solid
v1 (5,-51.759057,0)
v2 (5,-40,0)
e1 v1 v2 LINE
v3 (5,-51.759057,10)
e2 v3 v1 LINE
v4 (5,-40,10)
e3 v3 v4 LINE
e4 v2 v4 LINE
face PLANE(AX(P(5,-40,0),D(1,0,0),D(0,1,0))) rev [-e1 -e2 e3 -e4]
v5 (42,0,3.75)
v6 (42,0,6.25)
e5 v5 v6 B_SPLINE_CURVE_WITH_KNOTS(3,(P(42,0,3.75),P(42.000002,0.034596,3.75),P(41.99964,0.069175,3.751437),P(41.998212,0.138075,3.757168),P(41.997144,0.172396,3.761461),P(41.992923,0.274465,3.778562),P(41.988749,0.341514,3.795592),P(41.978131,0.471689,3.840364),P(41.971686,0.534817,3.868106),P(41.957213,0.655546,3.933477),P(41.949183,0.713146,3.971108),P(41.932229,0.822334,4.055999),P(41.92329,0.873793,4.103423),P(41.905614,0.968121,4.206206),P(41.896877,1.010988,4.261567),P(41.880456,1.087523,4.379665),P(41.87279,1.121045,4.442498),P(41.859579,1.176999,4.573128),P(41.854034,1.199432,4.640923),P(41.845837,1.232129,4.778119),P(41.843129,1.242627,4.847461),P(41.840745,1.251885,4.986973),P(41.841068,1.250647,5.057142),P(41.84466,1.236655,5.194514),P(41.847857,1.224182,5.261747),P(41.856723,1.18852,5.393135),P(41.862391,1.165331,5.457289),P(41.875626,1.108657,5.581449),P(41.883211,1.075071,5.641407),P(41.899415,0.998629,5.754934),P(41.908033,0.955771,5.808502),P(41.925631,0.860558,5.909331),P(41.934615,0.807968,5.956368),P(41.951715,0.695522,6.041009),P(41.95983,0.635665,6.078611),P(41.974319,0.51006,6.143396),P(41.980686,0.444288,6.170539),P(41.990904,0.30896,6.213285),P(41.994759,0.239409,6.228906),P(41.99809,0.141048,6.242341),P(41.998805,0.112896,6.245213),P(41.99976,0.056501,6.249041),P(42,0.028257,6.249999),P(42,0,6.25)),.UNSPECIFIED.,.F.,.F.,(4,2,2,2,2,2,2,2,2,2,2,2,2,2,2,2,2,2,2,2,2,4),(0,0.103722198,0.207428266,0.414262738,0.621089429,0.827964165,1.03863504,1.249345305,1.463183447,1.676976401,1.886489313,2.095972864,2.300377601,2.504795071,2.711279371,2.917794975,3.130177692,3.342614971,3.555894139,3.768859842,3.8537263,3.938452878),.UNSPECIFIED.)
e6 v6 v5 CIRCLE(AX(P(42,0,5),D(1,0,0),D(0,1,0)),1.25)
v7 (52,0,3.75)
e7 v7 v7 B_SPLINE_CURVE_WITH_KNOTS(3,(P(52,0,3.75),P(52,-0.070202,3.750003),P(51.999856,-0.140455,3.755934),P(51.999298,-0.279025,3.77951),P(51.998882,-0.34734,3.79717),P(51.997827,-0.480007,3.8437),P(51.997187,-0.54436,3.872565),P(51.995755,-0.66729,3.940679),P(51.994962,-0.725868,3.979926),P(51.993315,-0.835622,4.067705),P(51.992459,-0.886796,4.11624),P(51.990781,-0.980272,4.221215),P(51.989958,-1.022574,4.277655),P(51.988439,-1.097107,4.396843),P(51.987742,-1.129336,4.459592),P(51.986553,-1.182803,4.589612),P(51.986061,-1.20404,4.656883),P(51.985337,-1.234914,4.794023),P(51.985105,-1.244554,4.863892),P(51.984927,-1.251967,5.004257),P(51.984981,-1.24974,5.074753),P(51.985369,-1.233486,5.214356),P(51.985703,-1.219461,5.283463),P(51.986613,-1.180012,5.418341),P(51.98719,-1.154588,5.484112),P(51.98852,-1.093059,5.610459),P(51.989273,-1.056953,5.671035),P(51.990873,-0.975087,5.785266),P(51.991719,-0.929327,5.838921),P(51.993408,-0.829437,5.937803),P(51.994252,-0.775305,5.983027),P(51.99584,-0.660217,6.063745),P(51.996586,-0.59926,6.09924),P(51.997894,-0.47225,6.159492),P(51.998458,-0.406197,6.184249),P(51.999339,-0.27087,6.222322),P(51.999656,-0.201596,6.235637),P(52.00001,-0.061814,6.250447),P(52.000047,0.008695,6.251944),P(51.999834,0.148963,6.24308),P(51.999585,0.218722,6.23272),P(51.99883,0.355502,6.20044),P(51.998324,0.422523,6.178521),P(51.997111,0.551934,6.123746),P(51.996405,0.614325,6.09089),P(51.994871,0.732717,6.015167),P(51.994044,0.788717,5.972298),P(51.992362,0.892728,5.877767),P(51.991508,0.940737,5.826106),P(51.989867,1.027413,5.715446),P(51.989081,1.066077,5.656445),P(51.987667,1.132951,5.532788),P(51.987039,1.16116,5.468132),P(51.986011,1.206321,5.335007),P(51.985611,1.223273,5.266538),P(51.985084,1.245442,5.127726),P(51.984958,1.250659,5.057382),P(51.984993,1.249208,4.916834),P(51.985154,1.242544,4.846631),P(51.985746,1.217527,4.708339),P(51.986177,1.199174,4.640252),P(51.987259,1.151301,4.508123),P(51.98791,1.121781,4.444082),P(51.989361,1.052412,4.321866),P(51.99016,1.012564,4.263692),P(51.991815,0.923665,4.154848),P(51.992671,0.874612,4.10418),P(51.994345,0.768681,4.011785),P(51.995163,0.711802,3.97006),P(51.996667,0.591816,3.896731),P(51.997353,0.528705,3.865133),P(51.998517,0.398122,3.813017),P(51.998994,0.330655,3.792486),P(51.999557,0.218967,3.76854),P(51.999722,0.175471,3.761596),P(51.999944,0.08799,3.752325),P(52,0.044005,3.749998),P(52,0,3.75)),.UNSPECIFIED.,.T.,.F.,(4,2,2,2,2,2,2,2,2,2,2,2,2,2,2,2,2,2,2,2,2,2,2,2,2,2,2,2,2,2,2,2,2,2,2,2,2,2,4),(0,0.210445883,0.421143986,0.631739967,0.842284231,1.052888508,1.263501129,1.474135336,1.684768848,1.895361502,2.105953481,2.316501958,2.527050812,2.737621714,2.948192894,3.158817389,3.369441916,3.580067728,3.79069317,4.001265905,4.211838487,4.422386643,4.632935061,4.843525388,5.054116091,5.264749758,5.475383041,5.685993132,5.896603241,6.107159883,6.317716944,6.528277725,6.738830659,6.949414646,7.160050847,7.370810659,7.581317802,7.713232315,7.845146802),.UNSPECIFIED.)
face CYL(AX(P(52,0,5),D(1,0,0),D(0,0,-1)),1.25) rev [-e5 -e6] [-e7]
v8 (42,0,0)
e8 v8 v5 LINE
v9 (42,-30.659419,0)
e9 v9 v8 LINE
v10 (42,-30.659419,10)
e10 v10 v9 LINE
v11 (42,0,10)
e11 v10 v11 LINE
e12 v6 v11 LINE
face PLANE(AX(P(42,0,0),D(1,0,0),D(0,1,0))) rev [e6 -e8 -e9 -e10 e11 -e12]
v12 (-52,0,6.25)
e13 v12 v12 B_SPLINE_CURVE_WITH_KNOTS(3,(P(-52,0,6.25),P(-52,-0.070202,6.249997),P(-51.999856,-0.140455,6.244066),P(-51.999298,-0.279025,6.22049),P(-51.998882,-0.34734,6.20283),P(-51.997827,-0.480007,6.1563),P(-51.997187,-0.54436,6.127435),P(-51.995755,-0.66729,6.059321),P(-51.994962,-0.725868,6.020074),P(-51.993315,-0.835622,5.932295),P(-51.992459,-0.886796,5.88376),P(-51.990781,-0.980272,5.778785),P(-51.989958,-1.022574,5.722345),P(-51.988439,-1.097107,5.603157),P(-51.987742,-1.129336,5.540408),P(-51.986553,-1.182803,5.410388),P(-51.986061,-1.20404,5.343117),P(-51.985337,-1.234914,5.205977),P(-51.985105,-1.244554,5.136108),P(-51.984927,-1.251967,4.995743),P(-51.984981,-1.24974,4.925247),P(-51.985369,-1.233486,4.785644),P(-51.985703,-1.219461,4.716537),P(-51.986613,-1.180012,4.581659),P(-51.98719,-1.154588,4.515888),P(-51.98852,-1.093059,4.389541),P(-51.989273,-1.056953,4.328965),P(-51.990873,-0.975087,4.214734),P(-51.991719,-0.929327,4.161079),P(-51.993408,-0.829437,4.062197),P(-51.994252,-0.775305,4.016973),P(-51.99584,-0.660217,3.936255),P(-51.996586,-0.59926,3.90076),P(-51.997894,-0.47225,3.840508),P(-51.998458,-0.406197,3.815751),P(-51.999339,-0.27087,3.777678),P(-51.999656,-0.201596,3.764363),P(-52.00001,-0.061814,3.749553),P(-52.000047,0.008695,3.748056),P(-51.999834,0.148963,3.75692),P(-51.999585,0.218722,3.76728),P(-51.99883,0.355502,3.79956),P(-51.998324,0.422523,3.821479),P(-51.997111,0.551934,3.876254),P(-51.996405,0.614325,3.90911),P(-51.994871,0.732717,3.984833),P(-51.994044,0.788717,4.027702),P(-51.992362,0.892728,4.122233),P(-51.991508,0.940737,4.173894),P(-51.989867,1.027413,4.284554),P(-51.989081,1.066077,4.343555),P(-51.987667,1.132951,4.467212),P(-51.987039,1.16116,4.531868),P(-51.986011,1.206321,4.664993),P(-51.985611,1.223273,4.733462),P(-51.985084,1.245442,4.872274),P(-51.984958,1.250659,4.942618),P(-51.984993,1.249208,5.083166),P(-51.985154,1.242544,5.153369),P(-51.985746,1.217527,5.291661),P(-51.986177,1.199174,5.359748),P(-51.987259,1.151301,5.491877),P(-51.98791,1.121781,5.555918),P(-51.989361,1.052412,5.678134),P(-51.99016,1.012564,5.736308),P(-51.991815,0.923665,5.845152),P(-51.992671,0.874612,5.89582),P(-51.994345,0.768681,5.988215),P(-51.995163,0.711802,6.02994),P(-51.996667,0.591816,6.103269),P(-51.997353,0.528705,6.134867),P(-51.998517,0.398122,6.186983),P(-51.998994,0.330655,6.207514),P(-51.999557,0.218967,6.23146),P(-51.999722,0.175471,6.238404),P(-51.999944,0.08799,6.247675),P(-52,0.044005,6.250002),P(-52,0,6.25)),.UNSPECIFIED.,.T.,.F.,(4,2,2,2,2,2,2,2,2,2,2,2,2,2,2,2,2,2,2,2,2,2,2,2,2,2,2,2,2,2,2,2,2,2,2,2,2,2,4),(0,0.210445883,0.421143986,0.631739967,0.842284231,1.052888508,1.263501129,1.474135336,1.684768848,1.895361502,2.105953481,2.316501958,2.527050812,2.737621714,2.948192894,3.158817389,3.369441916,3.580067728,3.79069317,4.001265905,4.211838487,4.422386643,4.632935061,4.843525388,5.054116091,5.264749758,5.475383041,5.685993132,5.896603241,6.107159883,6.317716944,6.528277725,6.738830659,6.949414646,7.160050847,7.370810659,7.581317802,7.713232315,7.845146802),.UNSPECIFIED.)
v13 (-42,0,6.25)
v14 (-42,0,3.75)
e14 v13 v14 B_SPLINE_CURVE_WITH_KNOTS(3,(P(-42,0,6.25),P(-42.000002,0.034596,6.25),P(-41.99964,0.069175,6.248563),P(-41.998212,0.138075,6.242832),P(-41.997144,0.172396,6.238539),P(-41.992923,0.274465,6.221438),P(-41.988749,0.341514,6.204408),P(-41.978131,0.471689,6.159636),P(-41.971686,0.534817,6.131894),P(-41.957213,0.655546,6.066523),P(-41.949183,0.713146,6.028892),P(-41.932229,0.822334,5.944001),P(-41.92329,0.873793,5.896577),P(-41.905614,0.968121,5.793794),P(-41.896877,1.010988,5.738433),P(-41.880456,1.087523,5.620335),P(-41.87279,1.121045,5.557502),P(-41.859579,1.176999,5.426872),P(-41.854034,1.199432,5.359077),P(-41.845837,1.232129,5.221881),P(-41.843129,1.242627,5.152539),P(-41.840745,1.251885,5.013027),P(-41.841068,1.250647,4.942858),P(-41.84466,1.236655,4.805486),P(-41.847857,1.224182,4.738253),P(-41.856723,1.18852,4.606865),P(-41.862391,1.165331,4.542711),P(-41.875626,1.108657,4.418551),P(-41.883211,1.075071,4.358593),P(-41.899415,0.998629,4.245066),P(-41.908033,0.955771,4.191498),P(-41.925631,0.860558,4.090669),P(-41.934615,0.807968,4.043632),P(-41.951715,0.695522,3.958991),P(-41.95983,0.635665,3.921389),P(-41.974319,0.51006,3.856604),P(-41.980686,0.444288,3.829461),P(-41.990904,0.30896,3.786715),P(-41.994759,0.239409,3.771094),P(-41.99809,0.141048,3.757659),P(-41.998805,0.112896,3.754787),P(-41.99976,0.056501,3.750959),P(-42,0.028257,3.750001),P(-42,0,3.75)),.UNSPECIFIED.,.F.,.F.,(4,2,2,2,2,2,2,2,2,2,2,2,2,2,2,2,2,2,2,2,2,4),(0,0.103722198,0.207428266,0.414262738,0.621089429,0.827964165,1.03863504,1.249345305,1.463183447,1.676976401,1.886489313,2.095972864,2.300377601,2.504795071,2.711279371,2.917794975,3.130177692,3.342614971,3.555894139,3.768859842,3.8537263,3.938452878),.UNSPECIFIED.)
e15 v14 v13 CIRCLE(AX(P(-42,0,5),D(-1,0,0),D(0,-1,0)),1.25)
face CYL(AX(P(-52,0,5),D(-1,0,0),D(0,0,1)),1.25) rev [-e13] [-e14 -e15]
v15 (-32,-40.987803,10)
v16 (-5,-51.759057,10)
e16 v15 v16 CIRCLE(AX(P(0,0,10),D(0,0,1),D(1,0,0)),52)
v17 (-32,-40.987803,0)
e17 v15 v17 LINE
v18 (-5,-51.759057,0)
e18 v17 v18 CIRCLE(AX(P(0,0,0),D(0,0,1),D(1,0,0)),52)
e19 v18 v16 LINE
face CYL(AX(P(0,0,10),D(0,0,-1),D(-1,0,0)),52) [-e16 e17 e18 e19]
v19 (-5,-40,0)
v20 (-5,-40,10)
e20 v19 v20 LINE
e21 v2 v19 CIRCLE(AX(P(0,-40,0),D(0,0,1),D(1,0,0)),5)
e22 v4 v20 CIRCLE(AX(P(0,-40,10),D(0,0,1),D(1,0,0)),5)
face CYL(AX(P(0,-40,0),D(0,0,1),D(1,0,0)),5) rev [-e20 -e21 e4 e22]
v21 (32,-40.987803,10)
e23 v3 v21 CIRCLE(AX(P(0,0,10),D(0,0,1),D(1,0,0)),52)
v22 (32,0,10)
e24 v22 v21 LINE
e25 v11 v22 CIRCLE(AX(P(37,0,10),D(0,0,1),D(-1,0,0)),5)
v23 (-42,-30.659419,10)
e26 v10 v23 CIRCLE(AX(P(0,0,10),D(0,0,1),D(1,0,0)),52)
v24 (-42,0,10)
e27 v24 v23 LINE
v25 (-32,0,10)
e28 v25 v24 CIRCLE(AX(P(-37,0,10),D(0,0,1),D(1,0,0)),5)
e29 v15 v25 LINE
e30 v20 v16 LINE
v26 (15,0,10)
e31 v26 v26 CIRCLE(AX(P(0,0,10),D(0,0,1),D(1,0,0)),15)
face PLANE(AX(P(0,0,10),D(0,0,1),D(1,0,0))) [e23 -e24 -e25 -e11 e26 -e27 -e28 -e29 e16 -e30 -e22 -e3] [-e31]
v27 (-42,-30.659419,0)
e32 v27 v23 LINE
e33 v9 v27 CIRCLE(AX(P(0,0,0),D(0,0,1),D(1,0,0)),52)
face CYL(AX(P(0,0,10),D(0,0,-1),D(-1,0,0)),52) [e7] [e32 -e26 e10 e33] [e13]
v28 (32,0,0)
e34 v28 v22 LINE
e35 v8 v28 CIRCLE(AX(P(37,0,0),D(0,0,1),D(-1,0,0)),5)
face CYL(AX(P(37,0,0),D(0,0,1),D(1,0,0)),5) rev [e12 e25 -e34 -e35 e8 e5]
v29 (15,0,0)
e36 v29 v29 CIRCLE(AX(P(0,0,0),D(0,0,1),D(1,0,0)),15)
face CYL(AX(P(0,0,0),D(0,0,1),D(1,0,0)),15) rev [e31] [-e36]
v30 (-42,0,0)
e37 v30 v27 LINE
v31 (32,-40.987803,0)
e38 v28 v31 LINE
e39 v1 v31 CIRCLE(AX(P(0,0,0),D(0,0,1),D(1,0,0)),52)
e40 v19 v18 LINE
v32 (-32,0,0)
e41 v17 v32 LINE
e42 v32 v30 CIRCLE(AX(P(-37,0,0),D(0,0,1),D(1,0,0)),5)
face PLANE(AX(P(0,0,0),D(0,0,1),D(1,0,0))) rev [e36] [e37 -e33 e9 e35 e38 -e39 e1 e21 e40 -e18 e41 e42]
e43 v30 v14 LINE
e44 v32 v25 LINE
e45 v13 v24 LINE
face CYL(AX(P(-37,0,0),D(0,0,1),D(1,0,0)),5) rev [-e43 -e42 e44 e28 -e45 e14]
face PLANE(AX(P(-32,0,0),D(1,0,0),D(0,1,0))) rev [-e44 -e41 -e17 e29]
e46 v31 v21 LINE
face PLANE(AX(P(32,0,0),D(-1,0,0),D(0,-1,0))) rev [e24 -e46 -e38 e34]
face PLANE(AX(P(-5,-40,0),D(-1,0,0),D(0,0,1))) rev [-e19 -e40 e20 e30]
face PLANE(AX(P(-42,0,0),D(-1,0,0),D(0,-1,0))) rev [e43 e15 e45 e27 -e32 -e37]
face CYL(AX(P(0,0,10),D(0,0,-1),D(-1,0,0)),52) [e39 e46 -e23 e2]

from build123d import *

# Parameters (mm, degrees)
SKETCH1_R              = 52
BOSS_EXTRUDE1_DEPTH    = 10
CUT_EXTRUDE1_DEPTH     = 10
SKETCH3_R              = 15
CUT_EXTRUDE2_DEPTH     = 10
M3_TAPPED_HOLE3_REACH  = 118.705
M3_TAPPED_HOLE3_BORE_R = 1.25


with BuildPart() as part:
    # Sketch1 → Boss-Extrude1 (new body)
    with BuildSketch(Plane.XY):
        Circle(SKETCH1_R)
    extrude(amount=BOSS_EXTRUDE1_DEPTH)

    # Sketch2 → Cut-Extrude1 (cut)
    with BuildSketch(Plane.XY.offset(10)):
        with BuildLine():
            Line((32, 0), (32, -45))
            Line((32, -45), (42, -45))
            Line((42, -45), (42, 3.54e-07))
            ThreePointArc((42, 3.54e-07), (36.999999823, 5), (32, 0))
        make_face()
        with BuildLine():
            Line((-5, -39.999999646), (-5, -55))
            Line((-5, -55), (5, -55))
            Line((5, -55), (5, -40))
            ThreePointArc((5, -40), (1.77e-07, -35), (-5, -39.999999646))
        make_face()
        with BuildLine():
            Line((-32, -45), (-42, -45))
            Line((-42, -45), (-42, 3.54e-07))
            ThreePointArc((-42, 3.54e-07), (-36.999999823, 5), (-32, 0))
            Line((-32, 0), (-32, -45))
        make_face()
    extrude(amount=-CUT_EXTRUDE1_DEPTH, mode=Mode.SUBTRACT)

    # Sketch3 → Cut-Extrude2 (cut)
    with BuildSketch(Plane.XY.offset(10)):
        Circle(SKETCH3_R)
    extrude(amount=-CUT_EXTRUDE2_DEPTH, mode=Mode.SUBTRACT)

    # M3 Tapped Hole3 bore → M3 Tapped Hole3 (cut, up to next)
    with BuildSketch(Plane(origin=(52, 0, 0), x_dir=(0, 0, -1), z_dir=(1, 0, 0)), mode=Mode.PRIVATE) as m3_tapped_hole3_sk1:
        with Locations((-5, 1e-08)):
            Circle(M3_TAPPED_HOLE3_BORE_R)
    m3_tapped_hole3_tool1 = extrude(m3_tapped_hole3_sk1.sketch, amount=-M3_TAPPED_HOLE3_REACH, mode=Mode.PRIVATE) & part.part
    m3_tapped_hole3 = m3_tapped_hole3_tool1.solids().sort_by_distance((52, 0, 5))[0]
    add(m3_tapped_hole3, mode=Mode.SUBTRACT)

    # Mirror1: M3 Tapped Hole3 across plane
    add(m3_tapped_hole3.mirror(Plane(origin=(0, 0, 0), x_dir=(0, 0, 1), z_dir=(1, 0, 0))), mode=Mode.SUBTRACT)


solid = part.part
